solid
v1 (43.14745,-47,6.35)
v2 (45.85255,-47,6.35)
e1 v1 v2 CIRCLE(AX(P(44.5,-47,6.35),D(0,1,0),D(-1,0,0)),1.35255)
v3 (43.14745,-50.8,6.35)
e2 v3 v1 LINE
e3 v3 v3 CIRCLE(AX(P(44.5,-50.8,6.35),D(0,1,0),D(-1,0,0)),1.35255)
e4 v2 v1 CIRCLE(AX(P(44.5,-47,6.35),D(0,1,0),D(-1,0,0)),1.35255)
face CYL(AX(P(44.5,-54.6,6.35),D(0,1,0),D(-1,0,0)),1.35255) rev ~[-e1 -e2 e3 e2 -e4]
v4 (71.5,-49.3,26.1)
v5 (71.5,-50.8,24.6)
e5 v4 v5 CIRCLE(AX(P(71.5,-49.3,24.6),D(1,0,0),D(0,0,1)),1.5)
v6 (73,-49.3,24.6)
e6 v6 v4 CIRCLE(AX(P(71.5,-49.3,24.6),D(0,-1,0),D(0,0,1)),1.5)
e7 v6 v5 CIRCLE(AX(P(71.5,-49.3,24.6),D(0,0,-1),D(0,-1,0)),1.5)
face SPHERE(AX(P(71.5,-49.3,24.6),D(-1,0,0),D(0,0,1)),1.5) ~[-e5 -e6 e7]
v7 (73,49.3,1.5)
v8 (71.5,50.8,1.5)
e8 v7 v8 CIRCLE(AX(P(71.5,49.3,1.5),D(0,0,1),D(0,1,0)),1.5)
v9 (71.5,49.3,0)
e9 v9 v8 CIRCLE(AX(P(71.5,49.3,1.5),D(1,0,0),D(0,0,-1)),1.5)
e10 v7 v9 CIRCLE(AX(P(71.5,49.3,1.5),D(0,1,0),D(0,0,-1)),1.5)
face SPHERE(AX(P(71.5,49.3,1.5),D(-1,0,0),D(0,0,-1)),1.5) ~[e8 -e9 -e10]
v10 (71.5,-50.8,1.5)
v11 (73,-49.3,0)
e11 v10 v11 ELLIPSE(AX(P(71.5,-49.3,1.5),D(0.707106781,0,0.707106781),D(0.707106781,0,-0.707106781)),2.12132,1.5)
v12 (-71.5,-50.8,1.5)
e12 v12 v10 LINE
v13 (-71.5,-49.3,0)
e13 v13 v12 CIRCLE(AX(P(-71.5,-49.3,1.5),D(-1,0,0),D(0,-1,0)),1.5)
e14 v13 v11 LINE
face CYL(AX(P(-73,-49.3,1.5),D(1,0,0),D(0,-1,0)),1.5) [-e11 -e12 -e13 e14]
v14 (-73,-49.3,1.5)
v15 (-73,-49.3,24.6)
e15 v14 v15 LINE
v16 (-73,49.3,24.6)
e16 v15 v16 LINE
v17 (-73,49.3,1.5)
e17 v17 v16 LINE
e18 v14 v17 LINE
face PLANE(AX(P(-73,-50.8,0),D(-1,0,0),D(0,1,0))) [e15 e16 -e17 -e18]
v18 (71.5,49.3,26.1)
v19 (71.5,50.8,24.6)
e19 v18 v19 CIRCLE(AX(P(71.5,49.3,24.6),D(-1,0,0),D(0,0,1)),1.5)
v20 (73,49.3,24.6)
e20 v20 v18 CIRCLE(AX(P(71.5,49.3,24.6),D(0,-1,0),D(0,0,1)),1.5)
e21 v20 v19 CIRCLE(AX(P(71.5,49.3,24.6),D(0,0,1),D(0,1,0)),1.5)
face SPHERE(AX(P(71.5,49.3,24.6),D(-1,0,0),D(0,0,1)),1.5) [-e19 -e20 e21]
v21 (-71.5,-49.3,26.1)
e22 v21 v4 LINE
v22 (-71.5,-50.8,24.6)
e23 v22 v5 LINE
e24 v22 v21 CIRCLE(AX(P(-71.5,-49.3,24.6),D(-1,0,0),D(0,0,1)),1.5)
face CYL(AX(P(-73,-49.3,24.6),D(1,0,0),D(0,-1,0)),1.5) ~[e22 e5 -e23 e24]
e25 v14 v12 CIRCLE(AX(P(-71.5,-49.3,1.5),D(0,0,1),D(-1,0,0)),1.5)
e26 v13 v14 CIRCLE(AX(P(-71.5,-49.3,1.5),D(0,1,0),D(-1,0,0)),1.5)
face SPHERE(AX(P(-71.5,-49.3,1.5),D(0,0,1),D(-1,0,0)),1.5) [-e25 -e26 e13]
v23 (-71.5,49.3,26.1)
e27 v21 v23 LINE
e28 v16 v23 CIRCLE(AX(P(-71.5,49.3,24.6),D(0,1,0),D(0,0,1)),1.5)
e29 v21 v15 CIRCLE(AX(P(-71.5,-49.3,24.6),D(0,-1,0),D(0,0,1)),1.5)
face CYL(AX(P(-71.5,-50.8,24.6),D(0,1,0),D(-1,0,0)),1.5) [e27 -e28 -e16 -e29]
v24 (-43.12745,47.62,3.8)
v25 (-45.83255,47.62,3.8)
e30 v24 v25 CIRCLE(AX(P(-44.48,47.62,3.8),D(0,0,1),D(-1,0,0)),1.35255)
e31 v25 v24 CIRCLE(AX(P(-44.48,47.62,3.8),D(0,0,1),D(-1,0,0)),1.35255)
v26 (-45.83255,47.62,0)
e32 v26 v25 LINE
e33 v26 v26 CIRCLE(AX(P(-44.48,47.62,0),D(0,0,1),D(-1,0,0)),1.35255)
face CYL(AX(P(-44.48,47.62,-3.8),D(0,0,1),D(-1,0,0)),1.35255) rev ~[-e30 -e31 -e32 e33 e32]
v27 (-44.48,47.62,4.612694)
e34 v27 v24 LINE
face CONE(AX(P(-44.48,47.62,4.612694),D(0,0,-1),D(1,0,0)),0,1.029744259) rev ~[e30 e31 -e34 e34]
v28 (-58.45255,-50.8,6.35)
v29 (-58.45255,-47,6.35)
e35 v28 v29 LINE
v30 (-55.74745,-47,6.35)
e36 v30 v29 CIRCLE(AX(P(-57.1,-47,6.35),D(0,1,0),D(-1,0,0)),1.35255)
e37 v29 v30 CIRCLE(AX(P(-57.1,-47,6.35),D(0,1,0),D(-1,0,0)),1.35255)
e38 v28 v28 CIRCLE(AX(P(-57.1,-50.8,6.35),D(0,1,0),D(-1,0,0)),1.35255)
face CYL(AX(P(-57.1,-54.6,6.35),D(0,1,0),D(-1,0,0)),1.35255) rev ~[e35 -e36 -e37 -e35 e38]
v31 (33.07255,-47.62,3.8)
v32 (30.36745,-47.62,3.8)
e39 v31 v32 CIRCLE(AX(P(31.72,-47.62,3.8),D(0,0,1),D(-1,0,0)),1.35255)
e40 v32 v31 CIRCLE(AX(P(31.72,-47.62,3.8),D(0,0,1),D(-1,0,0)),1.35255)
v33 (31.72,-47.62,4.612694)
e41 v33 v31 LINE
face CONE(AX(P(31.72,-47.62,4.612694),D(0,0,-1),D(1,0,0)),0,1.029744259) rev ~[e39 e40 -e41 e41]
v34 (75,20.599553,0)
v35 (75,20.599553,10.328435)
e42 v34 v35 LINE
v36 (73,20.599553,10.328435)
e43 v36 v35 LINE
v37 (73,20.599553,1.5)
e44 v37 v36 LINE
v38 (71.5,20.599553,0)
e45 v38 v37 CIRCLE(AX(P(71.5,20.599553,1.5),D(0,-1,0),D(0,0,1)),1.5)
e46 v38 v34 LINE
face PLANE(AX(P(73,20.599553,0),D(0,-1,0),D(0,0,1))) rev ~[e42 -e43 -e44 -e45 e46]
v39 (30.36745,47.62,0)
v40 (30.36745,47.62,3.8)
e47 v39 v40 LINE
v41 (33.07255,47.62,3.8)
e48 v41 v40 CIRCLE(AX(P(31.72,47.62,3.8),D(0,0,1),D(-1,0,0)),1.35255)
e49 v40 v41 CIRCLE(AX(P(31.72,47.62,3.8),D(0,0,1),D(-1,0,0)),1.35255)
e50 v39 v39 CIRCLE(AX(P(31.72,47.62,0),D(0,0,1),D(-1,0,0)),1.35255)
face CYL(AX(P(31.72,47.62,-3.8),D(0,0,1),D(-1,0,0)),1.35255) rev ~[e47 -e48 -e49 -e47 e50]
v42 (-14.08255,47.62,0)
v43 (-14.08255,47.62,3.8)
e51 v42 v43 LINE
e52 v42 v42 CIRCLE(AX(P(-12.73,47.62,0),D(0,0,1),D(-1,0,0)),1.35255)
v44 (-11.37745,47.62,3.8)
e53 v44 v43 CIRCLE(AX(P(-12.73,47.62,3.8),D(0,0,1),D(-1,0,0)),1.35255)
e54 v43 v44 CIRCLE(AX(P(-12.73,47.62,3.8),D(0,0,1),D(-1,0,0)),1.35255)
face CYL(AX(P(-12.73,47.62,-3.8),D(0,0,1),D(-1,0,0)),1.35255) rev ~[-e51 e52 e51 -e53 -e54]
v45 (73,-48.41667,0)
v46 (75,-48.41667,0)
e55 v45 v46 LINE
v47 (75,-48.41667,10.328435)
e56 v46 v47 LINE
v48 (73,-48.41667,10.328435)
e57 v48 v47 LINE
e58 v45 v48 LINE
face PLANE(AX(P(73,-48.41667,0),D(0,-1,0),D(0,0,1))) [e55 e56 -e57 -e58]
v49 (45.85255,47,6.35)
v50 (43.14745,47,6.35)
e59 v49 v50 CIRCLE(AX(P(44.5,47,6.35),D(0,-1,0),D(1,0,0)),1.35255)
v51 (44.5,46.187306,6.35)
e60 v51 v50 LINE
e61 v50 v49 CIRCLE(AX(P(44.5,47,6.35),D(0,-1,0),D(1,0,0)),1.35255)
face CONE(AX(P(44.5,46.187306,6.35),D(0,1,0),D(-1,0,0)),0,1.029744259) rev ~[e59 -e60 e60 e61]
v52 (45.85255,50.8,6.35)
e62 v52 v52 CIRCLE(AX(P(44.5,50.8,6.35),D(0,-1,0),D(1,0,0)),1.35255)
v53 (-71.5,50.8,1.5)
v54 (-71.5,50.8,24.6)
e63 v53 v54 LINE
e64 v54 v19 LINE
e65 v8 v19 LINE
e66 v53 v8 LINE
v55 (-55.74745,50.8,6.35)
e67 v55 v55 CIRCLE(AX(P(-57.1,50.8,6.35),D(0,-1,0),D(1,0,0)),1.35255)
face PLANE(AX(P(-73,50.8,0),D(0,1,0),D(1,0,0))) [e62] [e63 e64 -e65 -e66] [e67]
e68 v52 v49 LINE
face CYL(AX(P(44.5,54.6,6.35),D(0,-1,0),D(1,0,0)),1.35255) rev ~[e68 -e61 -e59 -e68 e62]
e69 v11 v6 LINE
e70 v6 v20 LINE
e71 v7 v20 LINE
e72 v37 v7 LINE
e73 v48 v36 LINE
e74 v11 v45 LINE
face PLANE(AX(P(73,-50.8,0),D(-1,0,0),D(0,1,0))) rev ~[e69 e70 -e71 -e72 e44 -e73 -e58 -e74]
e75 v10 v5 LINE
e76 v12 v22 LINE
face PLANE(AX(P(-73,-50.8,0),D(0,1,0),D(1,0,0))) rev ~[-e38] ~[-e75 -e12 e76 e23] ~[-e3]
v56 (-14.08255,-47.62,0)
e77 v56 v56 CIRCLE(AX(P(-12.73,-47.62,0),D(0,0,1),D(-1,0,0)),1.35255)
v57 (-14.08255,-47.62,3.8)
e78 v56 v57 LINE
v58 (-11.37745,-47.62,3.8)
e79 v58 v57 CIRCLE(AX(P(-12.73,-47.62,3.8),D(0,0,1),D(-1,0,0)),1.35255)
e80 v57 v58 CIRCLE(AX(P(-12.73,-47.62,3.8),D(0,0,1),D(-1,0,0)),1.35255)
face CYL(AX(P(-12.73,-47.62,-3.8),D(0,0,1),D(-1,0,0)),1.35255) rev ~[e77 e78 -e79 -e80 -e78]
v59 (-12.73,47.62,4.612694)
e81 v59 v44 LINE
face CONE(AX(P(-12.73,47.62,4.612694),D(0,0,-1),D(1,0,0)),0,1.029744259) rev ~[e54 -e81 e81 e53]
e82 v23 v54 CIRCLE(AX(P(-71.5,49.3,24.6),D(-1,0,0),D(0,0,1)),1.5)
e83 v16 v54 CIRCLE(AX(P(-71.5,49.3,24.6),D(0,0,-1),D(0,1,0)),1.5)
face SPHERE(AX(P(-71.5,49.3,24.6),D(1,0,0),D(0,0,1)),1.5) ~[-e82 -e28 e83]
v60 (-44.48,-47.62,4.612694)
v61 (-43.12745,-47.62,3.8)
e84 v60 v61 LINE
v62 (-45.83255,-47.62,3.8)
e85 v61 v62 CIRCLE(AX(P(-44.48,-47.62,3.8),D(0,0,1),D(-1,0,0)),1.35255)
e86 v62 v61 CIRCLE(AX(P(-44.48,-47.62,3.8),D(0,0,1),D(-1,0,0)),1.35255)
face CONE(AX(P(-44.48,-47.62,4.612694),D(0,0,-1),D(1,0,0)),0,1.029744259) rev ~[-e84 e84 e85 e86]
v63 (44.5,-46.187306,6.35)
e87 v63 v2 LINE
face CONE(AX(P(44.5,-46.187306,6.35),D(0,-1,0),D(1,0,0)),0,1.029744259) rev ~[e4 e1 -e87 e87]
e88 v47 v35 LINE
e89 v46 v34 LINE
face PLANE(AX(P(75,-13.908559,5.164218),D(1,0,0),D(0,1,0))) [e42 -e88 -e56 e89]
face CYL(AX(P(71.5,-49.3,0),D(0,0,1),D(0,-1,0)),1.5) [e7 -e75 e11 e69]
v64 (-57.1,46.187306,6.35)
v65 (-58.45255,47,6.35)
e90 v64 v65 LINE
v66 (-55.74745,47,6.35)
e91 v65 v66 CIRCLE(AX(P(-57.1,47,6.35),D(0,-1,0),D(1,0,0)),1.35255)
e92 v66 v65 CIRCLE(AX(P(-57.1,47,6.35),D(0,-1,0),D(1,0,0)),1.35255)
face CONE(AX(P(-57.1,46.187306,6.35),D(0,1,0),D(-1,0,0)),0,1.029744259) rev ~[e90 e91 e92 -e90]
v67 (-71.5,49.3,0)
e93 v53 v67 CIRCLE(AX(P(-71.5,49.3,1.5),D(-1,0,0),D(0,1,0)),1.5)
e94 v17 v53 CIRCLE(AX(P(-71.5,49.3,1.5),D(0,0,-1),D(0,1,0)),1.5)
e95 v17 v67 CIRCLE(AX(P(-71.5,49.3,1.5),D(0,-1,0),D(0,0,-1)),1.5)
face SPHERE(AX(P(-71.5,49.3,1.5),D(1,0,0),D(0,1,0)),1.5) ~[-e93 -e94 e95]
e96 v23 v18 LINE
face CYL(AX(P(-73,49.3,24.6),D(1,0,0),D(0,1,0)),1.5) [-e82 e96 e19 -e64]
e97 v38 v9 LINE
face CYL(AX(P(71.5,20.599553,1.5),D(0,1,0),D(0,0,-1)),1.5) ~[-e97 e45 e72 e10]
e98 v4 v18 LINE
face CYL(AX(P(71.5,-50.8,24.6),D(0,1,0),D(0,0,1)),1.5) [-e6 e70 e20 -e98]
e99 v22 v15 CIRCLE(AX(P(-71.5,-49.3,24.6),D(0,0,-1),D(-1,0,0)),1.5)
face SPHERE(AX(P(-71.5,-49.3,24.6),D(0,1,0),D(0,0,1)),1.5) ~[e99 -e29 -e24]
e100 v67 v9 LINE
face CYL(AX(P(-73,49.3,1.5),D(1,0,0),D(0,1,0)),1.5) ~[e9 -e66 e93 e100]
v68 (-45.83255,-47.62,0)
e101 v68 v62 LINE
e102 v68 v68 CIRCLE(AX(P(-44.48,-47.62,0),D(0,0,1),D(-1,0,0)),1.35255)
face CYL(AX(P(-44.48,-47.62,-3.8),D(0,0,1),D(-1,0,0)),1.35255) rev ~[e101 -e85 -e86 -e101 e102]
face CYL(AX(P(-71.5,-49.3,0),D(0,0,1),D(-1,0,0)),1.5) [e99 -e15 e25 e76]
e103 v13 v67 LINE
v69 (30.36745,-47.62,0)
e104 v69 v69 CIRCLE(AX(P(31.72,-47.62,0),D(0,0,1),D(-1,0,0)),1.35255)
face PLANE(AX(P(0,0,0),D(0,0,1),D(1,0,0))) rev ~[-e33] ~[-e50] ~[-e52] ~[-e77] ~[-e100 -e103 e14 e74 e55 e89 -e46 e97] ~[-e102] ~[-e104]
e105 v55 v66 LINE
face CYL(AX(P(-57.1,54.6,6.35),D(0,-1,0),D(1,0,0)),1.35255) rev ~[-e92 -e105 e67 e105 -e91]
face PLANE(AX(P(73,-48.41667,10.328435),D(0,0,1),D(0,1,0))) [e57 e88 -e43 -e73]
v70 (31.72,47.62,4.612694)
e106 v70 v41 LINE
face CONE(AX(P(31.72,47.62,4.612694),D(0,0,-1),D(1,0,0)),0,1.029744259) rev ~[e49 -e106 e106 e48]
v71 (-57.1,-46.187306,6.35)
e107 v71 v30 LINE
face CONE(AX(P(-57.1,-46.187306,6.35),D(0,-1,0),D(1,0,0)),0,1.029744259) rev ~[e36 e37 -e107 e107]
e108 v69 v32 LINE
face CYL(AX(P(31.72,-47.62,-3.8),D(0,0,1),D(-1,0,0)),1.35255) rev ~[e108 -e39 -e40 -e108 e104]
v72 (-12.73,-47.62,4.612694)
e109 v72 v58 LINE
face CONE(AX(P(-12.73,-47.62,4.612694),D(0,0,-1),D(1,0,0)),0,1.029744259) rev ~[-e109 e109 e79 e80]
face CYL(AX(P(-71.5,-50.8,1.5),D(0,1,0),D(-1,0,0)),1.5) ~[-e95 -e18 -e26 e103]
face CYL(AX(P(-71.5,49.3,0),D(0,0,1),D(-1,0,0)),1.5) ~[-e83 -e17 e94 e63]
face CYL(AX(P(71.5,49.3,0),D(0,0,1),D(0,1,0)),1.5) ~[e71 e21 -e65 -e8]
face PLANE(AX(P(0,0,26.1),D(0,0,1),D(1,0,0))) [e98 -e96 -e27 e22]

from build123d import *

# Parameters (mm, degrees)
F0_W           = 146
F0_H           = 101.6
F1_DEPTH       = 26.1
F5_D           = 2.7051
F5_DEPTH       = 3.8
F5_TIP         = 0.8126940303
F5_ON_F2_D     = 2.7051
F5_ON_F2_DEPTH = 3.8
F5_ON_F2_TIP   = 0.8126940303
F5_ON_F3_D     = 2.7051
F5_ON_F3_DEPTH = 3.8
F5_ON_F3_TIP   = 0.8126940303
F6_W           = 69.0162237734
F6_H           = 10.328435339
F7_DEPTH       = 2
F8_R           = 1.5


with BuildPart() as f1:
    # F0 (on Top) → F1 (new body)
    with BuildSketch(Plane.XY):
        Rectangle(F0_W, F0_H)
    extrude(amount=F1_DEPTH)

    # F5
    with Locations(Plane(origin=(0, 50.8, 0), x_dir=(-1, 0, 0), z_dir=(0, 1, 0))):
        with Locations((-44.5, 6.35), (57.1, 6.35)):
            Hole(F5_D / 2, depth=F5_DEPTH)
            with Locations((0, 0, -(F5_DEPTH + F5_TIP / 2))):  # 118° drill point
                Cone(0, F5_D / 2, F5_TIP, mode=Mode.SUBTRACT)

    # F5 on F2
    with Locations(Plane(origin=(0, 0, 0), x_dir=(1, 0, 0), z_dir=(0, 0, -1))):
        with Locations((-44.48, -47.62), (-12.73, -47.62), (31.72, -47.62), (31.72, 47.62), (-12.73, 47.62), (-44.48, 47.62)):
            Hole(F5_ON_F2_D / 2, depth=F5_ON_F2_DEPTH)
            with Locations((0, 0, -(F5_ON_F2_DEPTH + F5_ON_F2_TIP / 2))):  # 118° drill point
                Cone(0, F5_ON_F2_D / 2, F5_ON_F2_TIP, mode=Mode.SUBTRACT)

    # F5 on F3
    with Locations(Plane.XZ.offset(50.8)):
        with Locations((-57.1, 6.35), (44.5, 6.35)):
            Hole(F5_ON_F3_D / 2, depth=F5_ON_F3_DEPTH)
            with Locations((0, 0, -(F5_ON_F3_DEPTH + F5_ON_F3_TIP / 2))):  # 118° drill point
                Cone(0, F5_ON_F3_D / 2, F5_ON_F3_TIP, mode=Mode.SUBTRACT)

    # F6 (on face) → F7 (join)
    with BuildSketch(Plane.YZ.offset(73)):
        with Locations((-13.9085585251, 5.1642176695)):
            Rectangle(F6_W, F6_H)
    extrude(amount=F7_DEPTH)

    # F8
    f8_edges = [f1.edges().sort_by_distance(p)[0] for p in [
        (0, 50.8, 0),
        (0, 50.8, 26.1),
        (-73, 0, 26.1),
        (0, -50.8, 26.1),
        (73, 0, 26.1),
        (-73, 50.8, 13.05),
        (-73, -50.8, 13.05),
        (-73, 0, 0),
        (0, -50.8, 0),
        (73, 35.699777, 0),
        (73, -50.8, 13.05),
        (73, 50.8, 13.05),
    ]]
    fillet(f8_edges, radius=F8_R)


solid = f1.part
